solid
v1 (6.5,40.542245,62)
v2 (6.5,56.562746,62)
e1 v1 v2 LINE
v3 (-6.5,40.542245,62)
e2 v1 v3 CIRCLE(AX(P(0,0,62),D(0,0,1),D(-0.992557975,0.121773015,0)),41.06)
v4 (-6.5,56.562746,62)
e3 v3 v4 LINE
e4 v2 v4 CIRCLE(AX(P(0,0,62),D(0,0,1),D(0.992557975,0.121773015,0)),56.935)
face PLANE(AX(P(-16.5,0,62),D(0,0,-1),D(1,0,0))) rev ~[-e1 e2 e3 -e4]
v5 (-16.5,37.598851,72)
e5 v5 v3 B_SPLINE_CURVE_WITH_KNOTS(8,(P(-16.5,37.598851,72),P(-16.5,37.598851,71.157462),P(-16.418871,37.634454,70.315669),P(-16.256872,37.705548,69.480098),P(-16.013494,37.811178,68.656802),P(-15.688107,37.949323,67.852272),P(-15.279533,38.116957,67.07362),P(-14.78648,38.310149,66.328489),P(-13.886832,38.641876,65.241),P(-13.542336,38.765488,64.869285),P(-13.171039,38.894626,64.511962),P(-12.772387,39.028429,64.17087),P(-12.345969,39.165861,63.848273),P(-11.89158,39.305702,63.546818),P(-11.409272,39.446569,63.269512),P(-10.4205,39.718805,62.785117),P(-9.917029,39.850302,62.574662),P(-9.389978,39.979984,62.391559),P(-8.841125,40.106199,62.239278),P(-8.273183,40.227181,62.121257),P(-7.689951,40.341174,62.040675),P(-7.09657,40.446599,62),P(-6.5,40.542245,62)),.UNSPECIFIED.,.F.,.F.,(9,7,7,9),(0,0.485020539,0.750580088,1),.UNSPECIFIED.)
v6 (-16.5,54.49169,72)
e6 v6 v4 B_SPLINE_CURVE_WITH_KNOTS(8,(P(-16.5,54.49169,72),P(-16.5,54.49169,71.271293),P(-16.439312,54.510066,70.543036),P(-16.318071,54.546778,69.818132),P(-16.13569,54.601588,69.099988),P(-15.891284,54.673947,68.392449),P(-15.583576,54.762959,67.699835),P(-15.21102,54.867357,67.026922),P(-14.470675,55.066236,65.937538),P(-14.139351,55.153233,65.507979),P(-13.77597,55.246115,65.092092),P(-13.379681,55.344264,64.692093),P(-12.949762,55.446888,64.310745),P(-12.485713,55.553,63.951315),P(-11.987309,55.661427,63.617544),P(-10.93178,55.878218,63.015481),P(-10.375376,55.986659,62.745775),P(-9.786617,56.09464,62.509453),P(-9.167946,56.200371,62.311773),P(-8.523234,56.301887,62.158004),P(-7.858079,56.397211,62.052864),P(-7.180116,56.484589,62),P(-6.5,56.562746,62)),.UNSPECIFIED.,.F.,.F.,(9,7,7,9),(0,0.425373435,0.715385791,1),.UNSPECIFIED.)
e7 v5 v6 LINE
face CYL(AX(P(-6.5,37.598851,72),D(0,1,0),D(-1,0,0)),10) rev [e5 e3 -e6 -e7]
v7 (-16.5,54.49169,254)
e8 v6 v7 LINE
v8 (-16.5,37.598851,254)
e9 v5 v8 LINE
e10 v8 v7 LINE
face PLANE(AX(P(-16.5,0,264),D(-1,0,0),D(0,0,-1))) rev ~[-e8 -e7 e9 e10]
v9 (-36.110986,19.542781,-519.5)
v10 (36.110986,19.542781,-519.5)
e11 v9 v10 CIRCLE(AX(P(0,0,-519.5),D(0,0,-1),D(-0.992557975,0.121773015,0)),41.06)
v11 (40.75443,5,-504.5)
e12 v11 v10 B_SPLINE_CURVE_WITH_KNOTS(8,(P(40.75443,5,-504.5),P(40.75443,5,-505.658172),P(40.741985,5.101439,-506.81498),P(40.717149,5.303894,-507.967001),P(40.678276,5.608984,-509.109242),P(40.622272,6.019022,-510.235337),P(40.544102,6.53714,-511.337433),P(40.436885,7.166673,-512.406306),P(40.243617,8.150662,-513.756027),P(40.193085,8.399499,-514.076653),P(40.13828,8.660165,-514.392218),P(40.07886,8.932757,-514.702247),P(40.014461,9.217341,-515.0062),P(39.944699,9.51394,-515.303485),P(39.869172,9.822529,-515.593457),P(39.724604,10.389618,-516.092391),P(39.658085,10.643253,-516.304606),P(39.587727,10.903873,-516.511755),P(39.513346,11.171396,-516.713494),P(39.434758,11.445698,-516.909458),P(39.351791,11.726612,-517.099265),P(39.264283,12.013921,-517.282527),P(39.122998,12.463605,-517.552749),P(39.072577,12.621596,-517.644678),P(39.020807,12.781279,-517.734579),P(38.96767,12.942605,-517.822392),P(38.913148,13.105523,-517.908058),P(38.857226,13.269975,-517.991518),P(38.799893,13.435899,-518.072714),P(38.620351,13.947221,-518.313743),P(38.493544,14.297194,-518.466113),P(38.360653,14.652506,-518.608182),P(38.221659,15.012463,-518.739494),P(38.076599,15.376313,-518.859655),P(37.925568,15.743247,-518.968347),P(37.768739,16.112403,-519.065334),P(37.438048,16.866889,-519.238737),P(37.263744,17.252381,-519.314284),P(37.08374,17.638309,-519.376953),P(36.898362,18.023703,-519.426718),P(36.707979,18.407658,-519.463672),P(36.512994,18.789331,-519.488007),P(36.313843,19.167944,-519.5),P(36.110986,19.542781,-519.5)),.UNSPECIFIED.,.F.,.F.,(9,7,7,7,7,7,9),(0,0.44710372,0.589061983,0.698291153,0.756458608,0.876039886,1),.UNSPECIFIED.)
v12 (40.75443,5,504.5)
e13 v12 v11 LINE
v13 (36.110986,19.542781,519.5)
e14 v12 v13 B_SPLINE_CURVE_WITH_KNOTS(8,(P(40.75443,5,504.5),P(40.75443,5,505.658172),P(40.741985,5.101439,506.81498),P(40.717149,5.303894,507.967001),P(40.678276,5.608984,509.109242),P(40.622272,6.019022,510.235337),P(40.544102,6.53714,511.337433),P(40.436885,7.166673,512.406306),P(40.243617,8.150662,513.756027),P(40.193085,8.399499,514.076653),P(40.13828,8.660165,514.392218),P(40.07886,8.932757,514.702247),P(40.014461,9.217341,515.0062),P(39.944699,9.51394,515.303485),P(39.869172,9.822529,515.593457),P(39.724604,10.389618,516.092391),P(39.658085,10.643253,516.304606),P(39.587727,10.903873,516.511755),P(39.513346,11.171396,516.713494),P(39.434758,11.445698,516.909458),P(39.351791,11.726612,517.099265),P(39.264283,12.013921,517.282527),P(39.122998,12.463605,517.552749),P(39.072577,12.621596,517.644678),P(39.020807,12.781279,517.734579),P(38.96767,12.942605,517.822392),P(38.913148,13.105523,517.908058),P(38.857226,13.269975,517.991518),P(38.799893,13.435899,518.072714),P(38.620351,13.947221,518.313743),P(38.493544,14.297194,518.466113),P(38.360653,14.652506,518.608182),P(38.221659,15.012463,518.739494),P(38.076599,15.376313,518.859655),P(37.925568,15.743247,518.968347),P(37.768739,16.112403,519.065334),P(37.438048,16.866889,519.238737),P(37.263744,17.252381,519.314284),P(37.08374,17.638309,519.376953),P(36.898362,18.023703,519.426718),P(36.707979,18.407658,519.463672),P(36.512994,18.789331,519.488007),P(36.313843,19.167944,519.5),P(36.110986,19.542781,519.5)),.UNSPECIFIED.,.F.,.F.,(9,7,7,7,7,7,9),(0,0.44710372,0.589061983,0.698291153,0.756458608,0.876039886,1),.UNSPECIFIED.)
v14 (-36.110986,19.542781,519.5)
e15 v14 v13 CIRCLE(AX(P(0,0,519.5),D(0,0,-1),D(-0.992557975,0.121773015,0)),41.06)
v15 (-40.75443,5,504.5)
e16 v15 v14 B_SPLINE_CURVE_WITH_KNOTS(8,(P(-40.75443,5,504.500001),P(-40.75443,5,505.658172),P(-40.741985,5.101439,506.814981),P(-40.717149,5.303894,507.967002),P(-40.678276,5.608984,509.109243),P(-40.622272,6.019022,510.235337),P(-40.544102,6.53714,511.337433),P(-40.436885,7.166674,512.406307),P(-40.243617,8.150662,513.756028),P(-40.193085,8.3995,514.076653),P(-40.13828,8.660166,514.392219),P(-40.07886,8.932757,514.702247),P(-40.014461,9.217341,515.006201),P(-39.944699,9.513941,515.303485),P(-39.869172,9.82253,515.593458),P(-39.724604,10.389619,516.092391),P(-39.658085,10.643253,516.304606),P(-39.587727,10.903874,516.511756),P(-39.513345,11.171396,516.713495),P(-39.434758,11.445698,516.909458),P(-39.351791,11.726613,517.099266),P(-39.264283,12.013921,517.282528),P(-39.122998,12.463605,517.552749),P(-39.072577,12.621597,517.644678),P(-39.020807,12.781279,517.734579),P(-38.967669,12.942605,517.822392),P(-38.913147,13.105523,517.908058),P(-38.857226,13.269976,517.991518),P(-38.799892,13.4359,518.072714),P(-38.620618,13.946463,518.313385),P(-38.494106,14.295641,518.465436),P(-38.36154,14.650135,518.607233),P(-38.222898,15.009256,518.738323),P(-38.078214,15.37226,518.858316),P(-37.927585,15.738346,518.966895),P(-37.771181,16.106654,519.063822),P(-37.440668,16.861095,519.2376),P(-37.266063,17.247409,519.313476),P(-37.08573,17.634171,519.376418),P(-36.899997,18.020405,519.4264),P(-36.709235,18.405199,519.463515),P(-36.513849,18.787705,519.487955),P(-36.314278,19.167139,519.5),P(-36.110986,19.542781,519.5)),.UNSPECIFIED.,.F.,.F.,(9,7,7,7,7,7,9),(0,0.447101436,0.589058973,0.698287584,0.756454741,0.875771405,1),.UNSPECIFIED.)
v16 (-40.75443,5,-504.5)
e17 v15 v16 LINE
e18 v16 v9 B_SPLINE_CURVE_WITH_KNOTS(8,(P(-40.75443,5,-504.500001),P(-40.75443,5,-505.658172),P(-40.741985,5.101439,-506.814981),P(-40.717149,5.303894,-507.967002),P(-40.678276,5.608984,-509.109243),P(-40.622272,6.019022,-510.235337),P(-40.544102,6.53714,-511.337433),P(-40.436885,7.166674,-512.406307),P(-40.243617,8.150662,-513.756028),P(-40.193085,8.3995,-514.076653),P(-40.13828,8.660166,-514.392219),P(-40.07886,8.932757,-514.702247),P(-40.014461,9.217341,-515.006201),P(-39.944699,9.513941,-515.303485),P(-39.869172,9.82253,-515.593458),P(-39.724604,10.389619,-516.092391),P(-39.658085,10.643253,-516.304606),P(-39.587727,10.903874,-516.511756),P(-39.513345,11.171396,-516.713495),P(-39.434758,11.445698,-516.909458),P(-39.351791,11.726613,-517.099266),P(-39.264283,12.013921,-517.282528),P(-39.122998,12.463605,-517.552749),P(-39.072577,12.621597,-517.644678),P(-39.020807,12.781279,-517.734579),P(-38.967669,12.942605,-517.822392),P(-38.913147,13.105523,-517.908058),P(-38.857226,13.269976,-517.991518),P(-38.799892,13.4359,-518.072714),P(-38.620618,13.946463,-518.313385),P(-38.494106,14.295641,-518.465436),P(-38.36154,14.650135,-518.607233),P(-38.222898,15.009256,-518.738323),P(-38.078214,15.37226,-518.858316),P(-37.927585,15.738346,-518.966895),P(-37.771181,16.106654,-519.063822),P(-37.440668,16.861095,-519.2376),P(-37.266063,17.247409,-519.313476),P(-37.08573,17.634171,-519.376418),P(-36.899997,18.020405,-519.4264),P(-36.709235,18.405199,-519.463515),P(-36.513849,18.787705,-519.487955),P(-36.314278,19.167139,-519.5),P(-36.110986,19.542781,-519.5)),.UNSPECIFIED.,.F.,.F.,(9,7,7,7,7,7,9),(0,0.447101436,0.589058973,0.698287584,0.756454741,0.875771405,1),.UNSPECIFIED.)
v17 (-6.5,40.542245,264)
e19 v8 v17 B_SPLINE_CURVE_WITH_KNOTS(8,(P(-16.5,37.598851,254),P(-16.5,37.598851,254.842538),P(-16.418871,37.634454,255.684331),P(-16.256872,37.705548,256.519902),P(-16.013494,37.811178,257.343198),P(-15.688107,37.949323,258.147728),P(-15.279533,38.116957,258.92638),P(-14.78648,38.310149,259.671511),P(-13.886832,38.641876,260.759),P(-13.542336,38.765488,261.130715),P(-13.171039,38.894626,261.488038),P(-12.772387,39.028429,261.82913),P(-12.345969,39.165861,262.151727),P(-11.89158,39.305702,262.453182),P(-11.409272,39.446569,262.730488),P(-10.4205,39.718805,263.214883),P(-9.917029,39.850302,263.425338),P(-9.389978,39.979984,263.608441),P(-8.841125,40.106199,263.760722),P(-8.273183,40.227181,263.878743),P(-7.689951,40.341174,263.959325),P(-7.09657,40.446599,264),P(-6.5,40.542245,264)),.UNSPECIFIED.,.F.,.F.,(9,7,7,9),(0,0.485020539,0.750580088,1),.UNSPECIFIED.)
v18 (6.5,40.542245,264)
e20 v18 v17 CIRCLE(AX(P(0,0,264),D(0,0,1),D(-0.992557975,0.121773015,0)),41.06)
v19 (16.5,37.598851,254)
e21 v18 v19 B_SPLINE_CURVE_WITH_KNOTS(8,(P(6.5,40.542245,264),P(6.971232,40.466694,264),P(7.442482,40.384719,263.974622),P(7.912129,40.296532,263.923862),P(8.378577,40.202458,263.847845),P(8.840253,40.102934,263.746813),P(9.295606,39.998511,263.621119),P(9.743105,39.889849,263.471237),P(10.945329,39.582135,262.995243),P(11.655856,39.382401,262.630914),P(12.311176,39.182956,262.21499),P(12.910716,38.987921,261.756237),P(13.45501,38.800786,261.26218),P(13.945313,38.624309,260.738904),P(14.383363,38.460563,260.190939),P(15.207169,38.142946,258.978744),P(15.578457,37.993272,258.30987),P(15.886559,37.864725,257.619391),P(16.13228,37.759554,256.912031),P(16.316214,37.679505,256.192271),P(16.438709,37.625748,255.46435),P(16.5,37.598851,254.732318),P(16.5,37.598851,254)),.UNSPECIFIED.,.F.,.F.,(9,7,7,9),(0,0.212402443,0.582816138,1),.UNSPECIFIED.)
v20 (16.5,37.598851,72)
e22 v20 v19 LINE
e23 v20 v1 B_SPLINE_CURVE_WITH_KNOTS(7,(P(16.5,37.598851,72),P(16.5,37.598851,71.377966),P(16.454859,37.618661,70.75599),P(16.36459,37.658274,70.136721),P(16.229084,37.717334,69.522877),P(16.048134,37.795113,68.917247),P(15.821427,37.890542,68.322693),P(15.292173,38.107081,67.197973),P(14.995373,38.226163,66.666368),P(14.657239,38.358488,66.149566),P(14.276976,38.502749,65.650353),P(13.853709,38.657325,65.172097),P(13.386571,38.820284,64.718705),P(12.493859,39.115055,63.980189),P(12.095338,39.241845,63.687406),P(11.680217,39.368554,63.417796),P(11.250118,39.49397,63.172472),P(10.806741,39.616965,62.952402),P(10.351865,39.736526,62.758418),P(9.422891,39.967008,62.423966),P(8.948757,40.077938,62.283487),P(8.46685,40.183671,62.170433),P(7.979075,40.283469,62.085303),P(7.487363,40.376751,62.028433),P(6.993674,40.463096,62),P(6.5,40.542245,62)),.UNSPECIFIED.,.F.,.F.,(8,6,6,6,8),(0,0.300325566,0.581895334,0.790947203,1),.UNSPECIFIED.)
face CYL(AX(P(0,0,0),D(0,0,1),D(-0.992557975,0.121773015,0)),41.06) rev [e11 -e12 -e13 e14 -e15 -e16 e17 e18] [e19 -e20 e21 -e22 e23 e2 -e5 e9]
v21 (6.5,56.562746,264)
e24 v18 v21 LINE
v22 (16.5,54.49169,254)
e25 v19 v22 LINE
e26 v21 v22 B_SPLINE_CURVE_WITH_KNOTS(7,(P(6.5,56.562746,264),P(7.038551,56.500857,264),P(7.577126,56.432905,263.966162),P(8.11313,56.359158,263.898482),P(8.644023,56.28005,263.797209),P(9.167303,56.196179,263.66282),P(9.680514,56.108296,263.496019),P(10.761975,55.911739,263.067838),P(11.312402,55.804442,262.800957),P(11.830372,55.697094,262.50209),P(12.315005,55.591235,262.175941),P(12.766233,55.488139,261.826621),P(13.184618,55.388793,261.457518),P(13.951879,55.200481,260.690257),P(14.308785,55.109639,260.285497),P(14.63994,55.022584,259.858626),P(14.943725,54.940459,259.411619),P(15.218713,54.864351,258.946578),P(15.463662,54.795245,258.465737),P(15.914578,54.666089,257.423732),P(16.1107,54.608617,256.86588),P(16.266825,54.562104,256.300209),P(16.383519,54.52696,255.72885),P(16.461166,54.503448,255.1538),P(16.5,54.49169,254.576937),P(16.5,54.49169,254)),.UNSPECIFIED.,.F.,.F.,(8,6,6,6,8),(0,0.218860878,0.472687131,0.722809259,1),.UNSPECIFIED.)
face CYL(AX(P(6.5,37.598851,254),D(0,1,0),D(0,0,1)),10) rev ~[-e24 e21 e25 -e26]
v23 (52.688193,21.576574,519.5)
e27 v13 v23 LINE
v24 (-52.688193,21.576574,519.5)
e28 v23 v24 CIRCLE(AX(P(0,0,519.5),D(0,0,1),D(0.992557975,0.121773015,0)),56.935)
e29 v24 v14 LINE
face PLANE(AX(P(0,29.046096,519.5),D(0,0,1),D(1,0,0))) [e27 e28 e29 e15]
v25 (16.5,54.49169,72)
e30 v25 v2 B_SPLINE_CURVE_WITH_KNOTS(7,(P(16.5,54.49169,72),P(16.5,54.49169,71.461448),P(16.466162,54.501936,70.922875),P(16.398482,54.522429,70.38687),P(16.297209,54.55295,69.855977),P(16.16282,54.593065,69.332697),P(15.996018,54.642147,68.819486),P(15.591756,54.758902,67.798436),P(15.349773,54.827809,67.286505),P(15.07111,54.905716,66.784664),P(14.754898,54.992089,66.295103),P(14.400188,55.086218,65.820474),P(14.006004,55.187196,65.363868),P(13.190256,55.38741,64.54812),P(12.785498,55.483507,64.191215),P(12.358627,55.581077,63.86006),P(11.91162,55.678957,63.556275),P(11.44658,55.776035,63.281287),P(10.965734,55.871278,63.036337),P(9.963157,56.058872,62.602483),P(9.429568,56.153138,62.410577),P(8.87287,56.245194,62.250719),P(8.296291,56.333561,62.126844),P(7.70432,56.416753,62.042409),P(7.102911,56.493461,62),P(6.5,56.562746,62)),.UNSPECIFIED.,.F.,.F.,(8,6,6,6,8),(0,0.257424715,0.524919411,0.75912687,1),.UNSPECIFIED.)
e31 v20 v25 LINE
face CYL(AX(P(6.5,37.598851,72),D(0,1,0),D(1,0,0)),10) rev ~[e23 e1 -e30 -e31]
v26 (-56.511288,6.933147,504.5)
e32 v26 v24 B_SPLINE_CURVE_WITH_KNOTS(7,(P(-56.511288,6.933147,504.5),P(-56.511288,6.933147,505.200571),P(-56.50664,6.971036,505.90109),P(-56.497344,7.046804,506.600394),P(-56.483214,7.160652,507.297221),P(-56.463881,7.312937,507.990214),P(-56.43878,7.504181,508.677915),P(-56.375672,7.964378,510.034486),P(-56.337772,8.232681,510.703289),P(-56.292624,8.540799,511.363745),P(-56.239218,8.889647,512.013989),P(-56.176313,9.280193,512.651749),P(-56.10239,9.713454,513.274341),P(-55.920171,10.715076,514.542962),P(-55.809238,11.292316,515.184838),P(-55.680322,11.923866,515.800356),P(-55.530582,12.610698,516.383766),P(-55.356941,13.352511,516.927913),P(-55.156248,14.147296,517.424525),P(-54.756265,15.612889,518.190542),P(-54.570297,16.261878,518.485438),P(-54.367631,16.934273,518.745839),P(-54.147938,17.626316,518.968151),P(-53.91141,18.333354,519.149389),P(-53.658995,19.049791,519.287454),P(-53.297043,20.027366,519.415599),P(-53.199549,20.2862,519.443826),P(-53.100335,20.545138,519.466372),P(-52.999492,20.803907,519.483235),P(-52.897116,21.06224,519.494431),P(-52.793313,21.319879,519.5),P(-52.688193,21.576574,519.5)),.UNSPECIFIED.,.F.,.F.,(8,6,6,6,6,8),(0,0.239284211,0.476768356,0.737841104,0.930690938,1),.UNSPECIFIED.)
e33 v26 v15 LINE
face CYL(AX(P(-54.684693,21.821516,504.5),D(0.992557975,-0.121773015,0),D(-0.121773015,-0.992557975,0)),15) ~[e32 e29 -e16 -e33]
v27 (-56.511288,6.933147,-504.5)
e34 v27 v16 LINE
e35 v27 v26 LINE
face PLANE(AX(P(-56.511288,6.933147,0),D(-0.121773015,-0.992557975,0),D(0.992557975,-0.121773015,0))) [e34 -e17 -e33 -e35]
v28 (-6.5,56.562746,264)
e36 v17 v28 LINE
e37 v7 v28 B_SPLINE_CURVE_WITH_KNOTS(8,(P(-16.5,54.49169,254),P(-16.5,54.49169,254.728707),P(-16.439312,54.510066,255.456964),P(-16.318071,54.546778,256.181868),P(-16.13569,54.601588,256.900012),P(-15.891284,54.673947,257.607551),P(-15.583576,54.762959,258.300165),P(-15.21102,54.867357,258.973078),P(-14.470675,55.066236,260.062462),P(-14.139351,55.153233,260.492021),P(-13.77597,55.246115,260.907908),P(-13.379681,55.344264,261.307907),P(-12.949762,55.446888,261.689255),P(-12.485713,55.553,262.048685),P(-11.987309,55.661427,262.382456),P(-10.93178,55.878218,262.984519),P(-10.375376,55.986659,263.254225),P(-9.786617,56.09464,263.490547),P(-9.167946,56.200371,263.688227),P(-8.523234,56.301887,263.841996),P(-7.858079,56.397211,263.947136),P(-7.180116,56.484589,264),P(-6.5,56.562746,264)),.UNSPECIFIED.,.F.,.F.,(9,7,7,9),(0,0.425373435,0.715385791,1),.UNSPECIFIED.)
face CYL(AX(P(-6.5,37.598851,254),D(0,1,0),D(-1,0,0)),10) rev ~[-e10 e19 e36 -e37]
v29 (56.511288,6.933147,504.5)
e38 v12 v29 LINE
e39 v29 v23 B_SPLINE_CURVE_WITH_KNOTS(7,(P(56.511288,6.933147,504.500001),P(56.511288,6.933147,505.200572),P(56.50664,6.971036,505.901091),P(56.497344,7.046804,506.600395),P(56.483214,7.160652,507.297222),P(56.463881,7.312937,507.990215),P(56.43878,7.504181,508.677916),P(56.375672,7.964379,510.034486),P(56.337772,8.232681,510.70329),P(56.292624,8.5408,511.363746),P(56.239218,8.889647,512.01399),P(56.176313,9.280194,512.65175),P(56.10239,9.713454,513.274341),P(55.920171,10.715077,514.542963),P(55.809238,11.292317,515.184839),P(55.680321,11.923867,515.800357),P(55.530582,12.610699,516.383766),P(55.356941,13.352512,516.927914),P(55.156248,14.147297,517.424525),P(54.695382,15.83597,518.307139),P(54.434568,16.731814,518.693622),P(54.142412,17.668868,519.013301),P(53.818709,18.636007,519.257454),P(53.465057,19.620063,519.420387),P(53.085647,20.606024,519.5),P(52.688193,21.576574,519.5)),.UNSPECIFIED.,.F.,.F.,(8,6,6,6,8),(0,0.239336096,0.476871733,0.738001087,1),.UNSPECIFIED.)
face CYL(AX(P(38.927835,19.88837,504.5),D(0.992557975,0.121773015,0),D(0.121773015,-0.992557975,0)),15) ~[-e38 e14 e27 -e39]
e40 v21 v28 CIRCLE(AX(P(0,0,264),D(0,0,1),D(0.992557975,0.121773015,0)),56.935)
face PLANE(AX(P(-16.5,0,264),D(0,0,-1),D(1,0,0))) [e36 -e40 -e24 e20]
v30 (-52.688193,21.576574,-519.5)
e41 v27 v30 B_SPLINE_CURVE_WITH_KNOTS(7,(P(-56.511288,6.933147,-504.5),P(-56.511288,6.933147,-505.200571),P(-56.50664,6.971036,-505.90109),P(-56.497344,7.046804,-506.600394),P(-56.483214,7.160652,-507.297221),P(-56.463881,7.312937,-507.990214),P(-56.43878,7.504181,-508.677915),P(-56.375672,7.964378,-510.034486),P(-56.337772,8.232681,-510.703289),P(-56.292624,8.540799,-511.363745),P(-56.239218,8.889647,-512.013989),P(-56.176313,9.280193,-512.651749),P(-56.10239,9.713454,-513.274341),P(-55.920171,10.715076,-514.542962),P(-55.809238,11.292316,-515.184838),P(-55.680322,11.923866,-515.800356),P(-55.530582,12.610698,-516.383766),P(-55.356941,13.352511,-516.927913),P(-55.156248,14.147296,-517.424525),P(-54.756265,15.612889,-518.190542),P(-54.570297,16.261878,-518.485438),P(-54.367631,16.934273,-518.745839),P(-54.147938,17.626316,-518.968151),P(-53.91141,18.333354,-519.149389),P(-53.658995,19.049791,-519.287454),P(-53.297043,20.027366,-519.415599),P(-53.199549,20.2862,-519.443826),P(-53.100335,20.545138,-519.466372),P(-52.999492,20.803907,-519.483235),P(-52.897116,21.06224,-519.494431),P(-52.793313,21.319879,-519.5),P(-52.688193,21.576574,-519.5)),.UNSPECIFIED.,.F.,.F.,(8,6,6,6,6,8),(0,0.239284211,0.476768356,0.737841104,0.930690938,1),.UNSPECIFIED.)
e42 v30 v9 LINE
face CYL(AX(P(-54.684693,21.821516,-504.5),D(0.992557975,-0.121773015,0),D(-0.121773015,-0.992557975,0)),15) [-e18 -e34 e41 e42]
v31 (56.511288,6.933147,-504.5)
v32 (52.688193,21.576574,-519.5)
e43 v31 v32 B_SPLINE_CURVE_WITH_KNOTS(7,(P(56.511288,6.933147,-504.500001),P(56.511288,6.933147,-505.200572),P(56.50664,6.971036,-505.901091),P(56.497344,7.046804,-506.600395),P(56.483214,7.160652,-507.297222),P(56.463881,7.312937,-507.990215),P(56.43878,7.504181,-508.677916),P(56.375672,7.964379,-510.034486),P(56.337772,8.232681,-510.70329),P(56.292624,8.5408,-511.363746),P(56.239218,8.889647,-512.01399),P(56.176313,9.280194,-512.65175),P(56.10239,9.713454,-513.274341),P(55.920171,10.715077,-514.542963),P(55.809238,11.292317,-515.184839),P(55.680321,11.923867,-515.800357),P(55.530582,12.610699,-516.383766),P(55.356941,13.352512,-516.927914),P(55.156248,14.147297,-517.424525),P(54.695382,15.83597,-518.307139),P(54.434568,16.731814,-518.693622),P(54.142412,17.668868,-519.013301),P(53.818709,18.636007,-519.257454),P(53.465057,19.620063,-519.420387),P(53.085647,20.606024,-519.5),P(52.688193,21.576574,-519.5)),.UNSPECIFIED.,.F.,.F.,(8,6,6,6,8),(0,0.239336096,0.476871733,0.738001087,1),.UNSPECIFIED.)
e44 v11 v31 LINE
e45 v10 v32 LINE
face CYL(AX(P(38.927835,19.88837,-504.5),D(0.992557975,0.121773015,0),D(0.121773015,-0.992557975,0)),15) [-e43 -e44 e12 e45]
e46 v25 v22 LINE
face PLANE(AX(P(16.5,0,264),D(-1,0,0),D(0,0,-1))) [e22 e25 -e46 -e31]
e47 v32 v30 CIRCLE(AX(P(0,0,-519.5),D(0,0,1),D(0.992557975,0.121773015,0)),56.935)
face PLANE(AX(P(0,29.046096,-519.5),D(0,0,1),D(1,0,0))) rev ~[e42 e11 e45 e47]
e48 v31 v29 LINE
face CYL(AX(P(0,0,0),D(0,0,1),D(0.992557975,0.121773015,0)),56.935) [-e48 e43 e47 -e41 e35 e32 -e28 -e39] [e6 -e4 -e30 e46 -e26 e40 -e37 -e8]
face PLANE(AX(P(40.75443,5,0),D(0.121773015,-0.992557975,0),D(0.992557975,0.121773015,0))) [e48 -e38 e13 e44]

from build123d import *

# Parameters (mm, degrees)
BOSS_EXTRUDE1_DEPTH = 519.5
FILLET1_R           = 15
SKETCH2_W           = 33
SKETCH2_H           = 202
CUT_EXTRUDE1_DEPTH  = 57.9350001
FILLET2_R           = 10


with BuildPart() as part:
    # Sketch1 → Boss-Extrude1 (new body, symmetric)
    with BuildSketch(Plane.XY):
        with BuildLine():
            Line((40.754430434, 5), (56.51128828, 6.933146615))
            ThreePointArc((56.51128828, 6.933146615), (0, 56.935), (-56.51128828, 6.933146615))
            Line((-56.51128828, 6.933146615), (-40.754430434, 5))
            ThreePointArc((-40.754430434, 5), (0, 41.06), (40.754430434, 5))
        make_face()
    extrude(amount=BOSS_EXTRUDE1_DEPTH, both=True)

    # Fillet1
    fillet1_edges = [part.edges().sort_by_distance(p)[0] for p in [
        (-48.632859357, 5.966573307, 519.5),
        (-48.632859357, 5.966573307, -519.5),
        (48.632859357, 5.966573307, -519.5),
        (48.632859357, 5.966573307, 519.5),
    ]]
    fillet(fillet1_edges, radius=FILLET1_R)

    # Sketch2 → Cut-Extrude1 (cut, through all)
    with BuildSketch(Plane(origin=(0, 0, 0), x_dir=(1, 0, 0), z_dir=(0, 1, 0))):
        with Locations((0, -163)):
            Rectangle(SKETCH2_W, SKETCH2_H)
    extrude(amount=CUT_EXTRUDE1_DEPTH, mode=Mode.SUBTRACT)

    # Fillet2
    fillet2_edges = [part.edges().sort_by_distance(p)[0] for p in [
        (-16.5, 46.045270275, 62),
        (-16.5, 46.045270275, 264),
        (16.5, 46.045270275, 264),
        (16.5, 46.045270275, 62),
    ]]
    fillet(fillet2_edges, radius=FILLET2_R)


solid = part.part
